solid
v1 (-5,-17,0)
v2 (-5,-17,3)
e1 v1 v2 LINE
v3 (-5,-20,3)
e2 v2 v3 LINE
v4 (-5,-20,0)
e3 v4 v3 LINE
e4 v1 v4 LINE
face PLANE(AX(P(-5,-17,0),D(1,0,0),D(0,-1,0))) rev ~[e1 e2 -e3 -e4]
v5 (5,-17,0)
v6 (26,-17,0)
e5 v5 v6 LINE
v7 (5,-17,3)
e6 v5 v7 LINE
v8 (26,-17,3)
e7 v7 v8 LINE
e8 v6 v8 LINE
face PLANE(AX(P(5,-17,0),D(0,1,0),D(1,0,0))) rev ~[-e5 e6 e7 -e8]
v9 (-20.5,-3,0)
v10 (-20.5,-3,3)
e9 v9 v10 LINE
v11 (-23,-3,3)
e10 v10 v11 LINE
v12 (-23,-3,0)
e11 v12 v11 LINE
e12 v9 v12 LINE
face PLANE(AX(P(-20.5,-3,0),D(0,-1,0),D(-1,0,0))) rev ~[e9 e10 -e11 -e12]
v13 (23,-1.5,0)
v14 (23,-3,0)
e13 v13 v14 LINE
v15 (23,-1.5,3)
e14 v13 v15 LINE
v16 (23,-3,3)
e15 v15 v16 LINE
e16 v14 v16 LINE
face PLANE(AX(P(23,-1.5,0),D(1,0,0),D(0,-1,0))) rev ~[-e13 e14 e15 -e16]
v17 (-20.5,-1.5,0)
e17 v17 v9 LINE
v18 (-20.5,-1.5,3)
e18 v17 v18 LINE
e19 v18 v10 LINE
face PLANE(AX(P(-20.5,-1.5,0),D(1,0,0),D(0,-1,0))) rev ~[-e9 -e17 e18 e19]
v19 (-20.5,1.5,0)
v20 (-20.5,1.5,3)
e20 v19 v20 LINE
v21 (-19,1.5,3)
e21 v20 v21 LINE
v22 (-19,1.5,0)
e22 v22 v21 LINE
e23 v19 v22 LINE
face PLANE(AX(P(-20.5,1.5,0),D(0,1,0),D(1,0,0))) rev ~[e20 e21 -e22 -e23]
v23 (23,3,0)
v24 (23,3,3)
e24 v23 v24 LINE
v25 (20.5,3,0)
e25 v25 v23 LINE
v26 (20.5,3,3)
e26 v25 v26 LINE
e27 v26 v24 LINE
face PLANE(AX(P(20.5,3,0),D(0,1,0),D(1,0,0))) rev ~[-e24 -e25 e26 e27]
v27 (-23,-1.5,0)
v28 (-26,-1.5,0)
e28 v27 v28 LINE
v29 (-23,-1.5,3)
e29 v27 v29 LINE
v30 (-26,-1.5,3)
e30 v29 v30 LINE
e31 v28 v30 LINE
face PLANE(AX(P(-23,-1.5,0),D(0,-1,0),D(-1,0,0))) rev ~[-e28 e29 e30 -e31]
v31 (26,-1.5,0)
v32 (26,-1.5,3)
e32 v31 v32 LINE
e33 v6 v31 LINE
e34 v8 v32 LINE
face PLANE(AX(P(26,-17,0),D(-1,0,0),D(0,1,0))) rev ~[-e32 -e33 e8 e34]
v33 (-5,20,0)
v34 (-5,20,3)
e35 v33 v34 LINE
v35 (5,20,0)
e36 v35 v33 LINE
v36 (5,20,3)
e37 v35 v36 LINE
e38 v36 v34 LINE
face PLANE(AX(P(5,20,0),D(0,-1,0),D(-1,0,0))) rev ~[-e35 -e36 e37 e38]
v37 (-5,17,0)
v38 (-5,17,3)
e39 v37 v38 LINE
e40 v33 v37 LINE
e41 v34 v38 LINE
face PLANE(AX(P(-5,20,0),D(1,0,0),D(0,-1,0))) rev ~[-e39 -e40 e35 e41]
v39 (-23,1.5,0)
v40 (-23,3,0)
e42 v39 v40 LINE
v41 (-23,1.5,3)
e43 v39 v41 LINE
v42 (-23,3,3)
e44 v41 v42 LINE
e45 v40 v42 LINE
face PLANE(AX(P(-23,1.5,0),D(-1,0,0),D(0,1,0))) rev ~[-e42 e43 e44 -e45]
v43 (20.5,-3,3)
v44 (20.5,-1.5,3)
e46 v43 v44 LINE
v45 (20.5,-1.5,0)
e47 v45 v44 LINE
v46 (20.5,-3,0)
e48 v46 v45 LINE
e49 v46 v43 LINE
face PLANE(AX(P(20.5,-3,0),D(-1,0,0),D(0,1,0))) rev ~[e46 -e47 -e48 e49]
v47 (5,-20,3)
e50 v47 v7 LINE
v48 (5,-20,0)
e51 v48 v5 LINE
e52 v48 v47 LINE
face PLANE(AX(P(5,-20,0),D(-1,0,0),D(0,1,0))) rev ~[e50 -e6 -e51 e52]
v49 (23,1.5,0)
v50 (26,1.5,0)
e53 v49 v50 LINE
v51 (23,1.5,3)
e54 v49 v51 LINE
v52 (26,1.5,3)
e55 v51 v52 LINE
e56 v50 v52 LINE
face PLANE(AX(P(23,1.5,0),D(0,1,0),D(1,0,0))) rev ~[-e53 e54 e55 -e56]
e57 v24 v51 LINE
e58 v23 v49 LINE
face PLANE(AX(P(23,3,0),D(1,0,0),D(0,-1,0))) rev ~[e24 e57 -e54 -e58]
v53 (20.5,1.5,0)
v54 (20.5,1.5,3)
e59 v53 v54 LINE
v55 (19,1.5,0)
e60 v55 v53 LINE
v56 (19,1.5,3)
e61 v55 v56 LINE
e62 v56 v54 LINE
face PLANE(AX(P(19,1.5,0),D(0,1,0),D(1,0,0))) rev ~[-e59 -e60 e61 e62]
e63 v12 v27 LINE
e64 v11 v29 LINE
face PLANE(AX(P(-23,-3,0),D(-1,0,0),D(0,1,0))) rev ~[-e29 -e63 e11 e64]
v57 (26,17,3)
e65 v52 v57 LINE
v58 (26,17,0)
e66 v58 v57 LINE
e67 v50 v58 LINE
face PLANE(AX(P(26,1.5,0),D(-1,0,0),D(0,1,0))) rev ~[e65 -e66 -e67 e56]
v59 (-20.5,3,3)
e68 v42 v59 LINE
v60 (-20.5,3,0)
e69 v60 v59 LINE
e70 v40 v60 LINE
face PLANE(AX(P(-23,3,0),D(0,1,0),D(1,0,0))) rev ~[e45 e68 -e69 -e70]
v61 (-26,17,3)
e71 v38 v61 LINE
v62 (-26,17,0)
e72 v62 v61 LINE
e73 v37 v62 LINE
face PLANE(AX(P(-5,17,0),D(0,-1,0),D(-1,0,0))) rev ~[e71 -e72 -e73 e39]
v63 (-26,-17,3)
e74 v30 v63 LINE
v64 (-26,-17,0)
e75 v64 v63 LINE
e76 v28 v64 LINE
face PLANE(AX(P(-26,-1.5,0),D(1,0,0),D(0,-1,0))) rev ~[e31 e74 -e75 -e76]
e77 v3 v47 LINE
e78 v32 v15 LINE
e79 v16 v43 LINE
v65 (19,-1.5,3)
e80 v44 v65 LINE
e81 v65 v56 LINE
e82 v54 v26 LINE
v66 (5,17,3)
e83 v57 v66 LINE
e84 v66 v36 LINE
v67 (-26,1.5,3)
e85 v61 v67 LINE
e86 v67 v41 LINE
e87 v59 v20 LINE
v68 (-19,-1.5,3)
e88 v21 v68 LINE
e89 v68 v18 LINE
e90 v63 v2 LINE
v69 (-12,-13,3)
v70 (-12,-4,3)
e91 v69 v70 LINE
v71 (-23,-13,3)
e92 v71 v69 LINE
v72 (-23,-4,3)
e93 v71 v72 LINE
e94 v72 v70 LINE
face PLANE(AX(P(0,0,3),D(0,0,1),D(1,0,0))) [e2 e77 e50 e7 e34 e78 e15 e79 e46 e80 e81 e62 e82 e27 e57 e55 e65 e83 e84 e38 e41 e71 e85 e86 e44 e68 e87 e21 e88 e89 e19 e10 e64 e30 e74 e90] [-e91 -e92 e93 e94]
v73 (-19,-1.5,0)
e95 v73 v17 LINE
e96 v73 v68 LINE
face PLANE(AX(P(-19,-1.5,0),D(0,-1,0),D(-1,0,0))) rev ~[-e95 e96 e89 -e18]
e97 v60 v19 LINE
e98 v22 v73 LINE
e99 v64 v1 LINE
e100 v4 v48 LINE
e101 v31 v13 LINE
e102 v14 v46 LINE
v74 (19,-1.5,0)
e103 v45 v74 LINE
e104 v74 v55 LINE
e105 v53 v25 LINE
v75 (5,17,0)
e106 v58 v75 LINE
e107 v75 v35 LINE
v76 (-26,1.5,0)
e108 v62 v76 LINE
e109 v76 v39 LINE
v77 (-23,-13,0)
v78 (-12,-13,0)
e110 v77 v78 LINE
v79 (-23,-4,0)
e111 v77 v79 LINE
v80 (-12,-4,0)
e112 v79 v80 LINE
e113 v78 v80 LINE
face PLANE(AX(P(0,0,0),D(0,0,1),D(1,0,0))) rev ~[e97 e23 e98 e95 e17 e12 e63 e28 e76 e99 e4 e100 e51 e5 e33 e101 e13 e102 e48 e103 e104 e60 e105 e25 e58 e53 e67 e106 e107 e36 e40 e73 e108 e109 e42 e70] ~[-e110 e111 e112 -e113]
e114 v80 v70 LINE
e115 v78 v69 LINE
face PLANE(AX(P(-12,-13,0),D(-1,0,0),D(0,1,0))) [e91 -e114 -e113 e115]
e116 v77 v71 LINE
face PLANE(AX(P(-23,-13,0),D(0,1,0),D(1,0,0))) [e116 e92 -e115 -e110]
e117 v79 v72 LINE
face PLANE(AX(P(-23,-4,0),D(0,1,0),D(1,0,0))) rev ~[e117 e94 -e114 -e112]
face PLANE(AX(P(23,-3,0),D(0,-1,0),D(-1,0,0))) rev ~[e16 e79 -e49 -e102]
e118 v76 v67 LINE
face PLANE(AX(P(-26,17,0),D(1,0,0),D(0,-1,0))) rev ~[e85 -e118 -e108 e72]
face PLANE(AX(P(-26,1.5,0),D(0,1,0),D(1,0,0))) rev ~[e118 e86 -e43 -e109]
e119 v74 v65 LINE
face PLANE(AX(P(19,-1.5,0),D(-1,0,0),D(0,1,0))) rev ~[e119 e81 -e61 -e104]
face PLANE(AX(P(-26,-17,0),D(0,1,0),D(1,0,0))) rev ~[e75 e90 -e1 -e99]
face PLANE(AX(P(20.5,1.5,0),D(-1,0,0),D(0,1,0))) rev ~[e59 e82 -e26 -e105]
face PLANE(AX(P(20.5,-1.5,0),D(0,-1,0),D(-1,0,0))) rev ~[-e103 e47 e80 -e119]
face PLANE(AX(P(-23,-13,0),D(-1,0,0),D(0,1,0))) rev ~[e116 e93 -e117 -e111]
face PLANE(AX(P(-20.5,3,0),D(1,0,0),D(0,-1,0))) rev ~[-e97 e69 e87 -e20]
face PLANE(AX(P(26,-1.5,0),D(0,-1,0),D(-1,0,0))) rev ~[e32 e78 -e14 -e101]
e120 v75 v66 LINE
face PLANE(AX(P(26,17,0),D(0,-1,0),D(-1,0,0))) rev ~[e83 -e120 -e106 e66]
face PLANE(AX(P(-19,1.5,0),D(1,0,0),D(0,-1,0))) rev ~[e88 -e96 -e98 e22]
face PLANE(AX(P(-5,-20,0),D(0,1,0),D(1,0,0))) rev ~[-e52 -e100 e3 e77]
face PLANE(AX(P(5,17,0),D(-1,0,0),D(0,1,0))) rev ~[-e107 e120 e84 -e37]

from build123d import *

# Parameters (mm, degrees)
SKETCH1_W           = 11
SKETCH1_H           = 9
BOSS_EXTRUDE1_DEPTH = 3


with BuildPart() as part:
    # Sketch1 → Boss-Extrude1 (new body)
    with BuildSketch(Plane.XY):
        Polygon((-26, -17), (-5, -17), (-5, -20), (5, -20), (5, -17), (26, -17), (26, -1.5), (23, -1.5), (23, -3), (20.5, -3), (20.5, -1.5), (19, -1.5), (19, 1.5), (20.5, 1.5), (20.5, 3), (23, 3), (23, 1.5), (26, 1.5), (26, 17), (5, 17), (5, 20), (-5, 20), (-5, 17), (-26, 17), (-26, 1.5), (-23, 1.5), (-23, 3), (-20.5, 3), (-20.5, 1.5), (-19, 1.5), (-19, -1.5), (-20.5, -1.5), (-20.5, -3), (-23, -3), (-23, -1.5), (-26, -1.5), align=None)
        with Locations((-17.5, -8.5)):
            Rectangle(SKETCH1_W, SKETCH1_H, mode=Mode.SUBTRACT)
    extrude(amount=BOSS_EXTRUDE1_DEPTH)


solid = part.part
